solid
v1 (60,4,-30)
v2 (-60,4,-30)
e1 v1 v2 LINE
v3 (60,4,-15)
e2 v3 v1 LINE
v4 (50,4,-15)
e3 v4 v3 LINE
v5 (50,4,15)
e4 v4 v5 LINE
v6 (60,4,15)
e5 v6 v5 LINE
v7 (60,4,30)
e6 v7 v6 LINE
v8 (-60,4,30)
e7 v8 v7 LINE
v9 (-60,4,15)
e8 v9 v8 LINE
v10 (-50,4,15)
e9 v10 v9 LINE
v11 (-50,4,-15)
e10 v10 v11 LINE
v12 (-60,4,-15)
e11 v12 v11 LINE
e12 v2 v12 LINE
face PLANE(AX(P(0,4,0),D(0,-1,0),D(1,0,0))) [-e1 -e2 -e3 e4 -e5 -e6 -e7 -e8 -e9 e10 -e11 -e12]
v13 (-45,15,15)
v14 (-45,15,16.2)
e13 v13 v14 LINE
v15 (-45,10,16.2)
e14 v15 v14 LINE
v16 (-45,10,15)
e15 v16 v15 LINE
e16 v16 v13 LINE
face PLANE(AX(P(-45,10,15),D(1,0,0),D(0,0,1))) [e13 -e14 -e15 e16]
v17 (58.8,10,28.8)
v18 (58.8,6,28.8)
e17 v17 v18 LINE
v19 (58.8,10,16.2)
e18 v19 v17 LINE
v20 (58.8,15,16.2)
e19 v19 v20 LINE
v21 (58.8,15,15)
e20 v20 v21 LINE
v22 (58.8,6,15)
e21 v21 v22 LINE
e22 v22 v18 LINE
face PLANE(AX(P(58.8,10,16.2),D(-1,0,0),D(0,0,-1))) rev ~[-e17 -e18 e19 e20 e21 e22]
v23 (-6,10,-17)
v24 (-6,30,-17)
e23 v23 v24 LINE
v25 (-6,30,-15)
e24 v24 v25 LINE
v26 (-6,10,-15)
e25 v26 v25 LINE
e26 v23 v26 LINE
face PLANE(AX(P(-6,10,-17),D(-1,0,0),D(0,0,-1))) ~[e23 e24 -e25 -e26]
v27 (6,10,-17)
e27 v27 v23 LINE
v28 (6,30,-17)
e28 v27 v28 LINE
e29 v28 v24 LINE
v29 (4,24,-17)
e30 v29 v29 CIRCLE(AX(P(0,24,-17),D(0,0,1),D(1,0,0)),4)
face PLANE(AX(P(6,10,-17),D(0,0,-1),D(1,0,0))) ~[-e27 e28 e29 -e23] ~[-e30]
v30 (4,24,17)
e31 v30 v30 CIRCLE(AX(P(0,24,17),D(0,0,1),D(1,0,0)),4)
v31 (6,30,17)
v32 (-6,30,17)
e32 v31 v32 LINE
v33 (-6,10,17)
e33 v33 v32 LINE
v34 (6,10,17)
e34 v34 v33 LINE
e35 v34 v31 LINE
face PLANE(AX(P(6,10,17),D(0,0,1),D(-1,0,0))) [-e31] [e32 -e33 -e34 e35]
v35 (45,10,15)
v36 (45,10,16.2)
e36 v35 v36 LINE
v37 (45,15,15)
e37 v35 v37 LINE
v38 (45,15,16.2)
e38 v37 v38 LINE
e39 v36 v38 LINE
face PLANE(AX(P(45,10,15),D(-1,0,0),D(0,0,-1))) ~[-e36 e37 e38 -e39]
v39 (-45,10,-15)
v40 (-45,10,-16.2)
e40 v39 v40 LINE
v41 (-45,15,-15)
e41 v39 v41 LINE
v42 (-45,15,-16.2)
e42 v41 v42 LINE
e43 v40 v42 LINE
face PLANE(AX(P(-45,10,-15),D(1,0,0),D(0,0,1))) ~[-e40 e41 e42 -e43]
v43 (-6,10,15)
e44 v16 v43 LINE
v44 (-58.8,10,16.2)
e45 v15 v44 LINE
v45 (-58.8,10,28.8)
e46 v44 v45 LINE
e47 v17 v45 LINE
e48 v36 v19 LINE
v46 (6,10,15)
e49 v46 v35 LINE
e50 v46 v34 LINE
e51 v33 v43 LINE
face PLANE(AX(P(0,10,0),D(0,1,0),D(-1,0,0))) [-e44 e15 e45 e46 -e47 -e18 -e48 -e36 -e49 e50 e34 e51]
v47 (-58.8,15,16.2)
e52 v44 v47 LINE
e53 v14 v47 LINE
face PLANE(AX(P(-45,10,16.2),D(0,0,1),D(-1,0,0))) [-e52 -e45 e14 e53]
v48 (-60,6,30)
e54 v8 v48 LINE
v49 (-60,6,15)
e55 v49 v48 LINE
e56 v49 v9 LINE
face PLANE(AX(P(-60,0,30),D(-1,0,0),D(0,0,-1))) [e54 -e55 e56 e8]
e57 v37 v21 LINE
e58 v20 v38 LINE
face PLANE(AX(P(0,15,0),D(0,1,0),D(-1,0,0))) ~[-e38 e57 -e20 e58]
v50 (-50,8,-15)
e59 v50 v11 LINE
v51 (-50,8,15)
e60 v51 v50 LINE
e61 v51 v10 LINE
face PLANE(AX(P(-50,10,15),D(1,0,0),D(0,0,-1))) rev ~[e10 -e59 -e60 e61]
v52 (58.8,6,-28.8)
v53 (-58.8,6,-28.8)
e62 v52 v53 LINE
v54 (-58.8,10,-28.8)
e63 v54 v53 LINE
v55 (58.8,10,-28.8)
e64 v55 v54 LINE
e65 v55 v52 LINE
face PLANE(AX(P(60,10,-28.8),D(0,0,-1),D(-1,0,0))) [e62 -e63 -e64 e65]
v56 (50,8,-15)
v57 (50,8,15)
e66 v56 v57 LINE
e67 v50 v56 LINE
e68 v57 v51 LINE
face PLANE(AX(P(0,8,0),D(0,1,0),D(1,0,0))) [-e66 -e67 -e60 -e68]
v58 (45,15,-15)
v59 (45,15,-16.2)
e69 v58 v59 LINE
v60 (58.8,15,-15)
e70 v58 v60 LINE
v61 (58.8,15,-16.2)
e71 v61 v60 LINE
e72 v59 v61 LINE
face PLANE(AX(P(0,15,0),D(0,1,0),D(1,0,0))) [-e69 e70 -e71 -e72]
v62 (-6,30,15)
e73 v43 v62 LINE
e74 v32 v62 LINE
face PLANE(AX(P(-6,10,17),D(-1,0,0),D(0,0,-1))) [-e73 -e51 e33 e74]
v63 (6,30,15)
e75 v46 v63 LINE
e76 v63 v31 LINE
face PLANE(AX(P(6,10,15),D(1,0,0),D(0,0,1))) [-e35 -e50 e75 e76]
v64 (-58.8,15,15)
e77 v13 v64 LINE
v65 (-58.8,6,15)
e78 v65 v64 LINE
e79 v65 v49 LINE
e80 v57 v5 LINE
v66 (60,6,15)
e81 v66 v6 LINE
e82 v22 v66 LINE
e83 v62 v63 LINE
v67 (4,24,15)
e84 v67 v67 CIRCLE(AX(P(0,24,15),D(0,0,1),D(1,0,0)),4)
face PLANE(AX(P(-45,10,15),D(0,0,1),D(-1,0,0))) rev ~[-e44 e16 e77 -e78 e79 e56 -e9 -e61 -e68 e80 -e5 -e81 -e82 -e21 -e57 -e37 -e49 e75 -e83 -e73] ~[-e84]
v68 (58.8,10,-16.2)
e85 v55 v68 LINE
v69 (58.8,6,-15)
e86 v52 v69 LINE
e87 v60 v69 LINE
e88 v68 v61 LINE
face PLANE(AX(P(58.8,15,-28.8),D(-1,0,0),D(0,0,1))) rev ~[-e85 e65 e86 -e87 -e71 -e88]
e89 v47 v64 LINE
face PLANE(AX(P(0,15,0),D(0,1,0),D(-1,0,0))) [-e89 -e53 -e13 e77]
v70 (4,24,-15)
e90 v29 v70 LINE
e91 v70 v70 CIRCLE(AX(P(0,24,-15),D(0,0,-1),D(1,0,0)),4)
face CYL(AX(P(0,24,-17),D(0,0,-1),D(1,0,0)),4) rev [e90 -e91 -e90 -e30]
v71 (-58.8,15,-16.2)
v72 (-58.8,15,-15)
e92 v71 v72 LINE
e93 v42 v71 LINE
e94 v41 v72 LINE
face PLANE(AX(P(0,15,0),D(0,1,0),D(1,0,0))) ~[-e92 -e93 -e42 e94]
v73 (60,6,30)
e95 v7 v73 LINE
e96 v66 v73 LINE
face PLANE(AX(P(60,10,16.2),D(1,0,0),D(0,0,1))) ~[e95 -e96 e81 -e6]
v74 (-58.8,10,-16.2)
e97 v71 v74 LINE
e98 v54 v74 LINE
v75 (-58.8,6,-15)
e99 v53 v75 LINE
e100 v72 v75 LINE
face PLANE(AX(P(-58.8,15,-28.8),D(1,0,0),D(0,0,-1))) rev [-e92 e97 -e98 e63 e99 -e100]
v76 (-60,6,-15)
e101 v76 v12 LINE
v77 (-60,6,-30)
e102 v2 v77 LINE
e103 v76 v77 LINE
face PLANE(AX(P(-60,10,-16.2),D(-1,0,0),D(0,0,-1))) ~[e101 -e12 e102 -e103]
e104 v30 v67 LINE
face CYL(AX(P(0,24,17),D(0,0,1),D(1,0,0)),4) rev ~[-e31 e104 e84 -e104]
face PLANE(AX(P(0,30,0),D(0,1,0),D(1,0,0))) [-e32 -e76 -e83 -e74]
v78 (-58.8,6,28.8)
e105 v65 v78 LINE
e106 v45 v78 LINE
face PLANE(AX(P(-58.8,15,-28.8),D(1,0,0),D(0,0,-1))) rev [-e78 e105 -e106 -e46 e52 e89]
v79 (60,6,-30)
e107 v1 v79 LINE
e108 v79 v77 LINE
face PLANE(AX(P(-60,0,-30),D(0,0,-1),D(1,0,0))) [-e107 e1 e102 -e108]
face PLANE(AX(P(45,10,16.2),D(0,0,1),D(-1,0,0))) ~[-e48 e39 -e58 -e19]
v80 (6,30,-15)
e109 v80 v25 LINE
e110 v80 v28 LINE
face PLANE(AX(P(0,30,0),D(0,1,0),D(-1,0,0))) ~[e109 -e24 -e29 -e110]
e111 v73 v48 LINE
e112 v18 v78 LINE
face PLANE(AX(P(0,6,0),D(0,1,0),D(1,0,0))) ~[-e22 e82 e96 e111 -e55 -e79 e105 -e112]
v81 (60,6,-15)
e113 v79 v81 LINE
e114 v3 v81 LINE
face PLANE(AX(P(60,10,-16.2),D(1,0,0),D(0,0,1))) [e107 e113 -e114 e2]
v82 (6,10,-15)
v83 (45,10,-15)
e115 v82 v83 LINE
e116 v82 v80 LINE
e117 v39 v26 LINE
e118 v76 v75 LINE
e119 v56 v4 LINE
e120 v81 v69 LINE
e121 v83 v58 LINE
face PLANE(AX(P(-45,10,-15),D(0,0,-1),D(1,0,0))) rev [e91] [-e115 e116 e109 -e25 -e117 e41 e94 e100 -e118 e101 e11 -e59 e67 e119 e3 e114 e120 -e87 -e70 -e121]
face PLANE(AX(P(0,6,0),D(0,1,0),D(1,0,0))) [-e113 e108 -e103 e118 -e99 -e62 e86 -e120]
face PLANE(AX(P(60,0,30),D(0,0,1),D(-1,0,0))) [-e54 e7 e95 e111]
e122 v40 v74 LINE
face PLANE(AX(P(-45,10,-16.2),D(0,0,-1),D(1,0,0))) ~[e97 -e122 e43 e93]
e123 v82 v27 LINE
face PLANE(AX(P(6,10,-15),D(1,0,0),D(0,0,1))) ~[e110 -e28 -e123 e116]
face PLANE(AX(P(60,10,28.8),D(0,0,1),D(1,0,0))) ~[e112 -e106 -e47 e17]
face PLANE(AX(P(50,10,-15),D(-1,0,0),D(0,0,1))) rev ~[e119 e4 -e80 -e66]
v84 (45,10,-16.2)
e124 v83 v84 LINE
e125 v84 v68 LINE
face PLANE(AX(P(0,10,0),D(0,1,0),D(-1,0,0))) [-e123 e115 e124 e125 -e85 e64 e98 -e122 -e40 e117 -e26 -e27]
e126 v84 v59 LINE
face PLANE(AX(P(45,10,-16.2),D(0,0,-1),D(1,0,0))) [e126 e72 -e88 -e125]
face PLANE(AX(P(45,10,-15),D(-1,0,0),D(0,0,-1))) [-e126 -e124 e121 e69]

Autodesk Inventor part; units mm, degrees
ref_plane "YZ Plane" through (0, 0, 0) normal (1, 0, 0) x (0, 1, 0)
ref_plane "XZ Plane" through (0, 0, 0) normal (0, 1, 0) x (-1, 0, 0)
ref_plane "XY Plane" through (0, 0, 0) normal (0, 0, 1) x (1, 0, 0)
sketch "Szkic1" plane through (0, 0, 0) normal (0, 1, 0) x (-1, 0, 0)
  point P0 (0, 0)
sketch "Szkic2" plane through (0, 0, 0) normal (0, 1, 0) x (-1, 0, 0)
  line L0 (60, -30) -> (-60, -30)
  line L1 (-60, -30) -> (-60, 30)
  line L2 (-60, 30) -> (60, 30)
  line L3 (60, 30) -> (60, -30)
  line L4 (60, -30) -> (-60, 30) construction
  line L5 (-60, -30) -> (60, 30) construction
  point P0 (0, 0)
  dimension "d0" = 120
  dimension "d1" = 60
extrude "Wyciągnięcie proste1" add sketch "Szkic2" along normal blind 10
sketch "Szkic3" plane through (0, 10, 0) normal (0, 1, 0) x (1, 0, 0)
  line L0 (0, 0) -> (50, 0)
  line L1 (60, -30) -> (60, 30) projected
  line L2 (50, 0) -> (60, 0)
  line L3 (60, 0) -> (60, 15)
  line L4 (60, 15) -> (50, 15)
  line L5 (50, 15) -> (50, 0)
  dimension "d4" = 50
  dimension "d5" = 15
extrude "Wyciągnięcie proste2" cut sketch "Szkic3" against normal blind 10
mirror "Odbij1" about plane through (0, 0, 0) normal (0, 0, 1) of "Wyciągnięcie proste2"
mirror "Odbij2" about plane through (0, 0, 0) normal (1, 0, 0) of "Wyciągnięcie proste2"
mirror "Odbij3" about plane through (0, 0, 0) normal (0, 0, 1) of "Wyciągnięcie proste2", "Odbij2"
sketch "Szkic4" plane through (0, 10, 0) normal (0, 1, 0) x (1, 0, 0)
  line L0 (-50, 15) -> (50, 15)
  line L1 (50, 15) -> (50, -15)
  line L2 (50, -15) -> (-50, -15)
  line L3 (-50, -15) -> (-50, 15)
  line L4 (-50, 15) -> (50, -15) construction
  line L5 (50, 15) -> (-50, -15) construction
  point P0 (0, 0)
extrude "Wyciągnięcie proste3" cut sketch "Szkic4" against normal blind 2
sketch "Szkic5" plane through (0, 10, 0) normal (0, 1, 0) x (1, 0, 0)
  line L0 (0, 0) -> (0, -16)
  line L1 (50, -15) -> (-50, -15) projected
  line L2 (0, 0) -> (16, 0) construction
  line L3 (-6, -15) -> (6, -15)
  line L4 (6, -15) -> (6, -17)
  line L5 (6, -17) -> (-6, -17)
  line L6 (-6, -17) -> (-6, -15)
  line L7 (-6, -15) -> (6, -17) construction
  line L8 (6, -15) -> (-6, -17) construction
  dimension "d10" = 16
  dimension "d11" = 90
  dimension "d12" = 12
  dimension "d13" = 2
extrude "Wyciągnięcie proste4" add sketch "Szkic5" along normal blind 20
sketch "Szkic6" plane through (-6, 10, 17) normal (0, 0, 1) x (1, 0, 0)
  point P0 (6, -10)
sketch "Szkic7" plane through (-6, 10, 17) normal (0, 0, 1) x (1, 0, 0)
  line L0 (12, 20) -> (0, 20) projected
  line L1 (6, 20) -> (6, 14)
  line L2 (6, 20) -> (12, 20) construction
  circle A0 centre (6, 14) radius 4
  point P0 (6, -10)
  dimension "d16" = 6
  dimension "d17" = 90
  dimension "d18" = 8
extrude "Wyciągnięcie proste5" cut sketch "Szkic7" against normal through all
sketch "Szkic8" plane through (0, 10, 0) normal (0, 1, 0) x (1, 0, 0)
  point P0 (0, 0)
mirror "Odbij4" about plane through (0, 0, 0) normal (0, 0, 1) of "Wyciągnięcie proste4", "Wyciągnięcie proste5"
sketch "Szkic9" plane through (0, 10, 0) normal (0, 1, 0) x (1, 0, 0)
  line L0 (6, 15) -> (60, 15) projected
  line L1 (60, 15) -> (45, 15)
  line L2 (45, 15) -> (45, 16.2)
  line L3 (45, 16.2) -> (60, 16.2)
  line L4 (60, 16.2) -> (60, 15)
  point P0 (0, 0)
  dimension "d21" = 15
  dimension "d22" = 1.2
extrude "Wyciągnięcie proste6" add sketch "Szkic9" along normal blind 5
mirror "Odbij5" about plane through (0, 0, 0) normal (1, 0, 0) of "Wyciągnięcie proste6"
mirror "Odbij6" about plane through (0, 0, 0) normal (0, 0, 1) of "Wyciągnięcie proste6"
sketch "Szkic10" plane through (0, 10, 0) normal (0, 1, 0) x (1, 0, 0)
  line L0 (60, 30) -> (-60, 30) projected
  line L1 (60, 15) -> (60, 30) projected
  line L2 (-60, 30) -> (60, 30)
  line L3 (60, 30) -> (60, 28.8)
  line L4 (60, 28.8) -> (-60, 28.8)
  line L5 (-60, 28.8) -> (-60, 30)
  point P0 (0, 0)
  dimension "d25" = 1.2
extrude "Wyciągnięcie proste7" cut sketch "Szkic10" against normal blind 4
mirror "Odbij7" about plane through (0, 0, 0) normal (0, 0, 1) of "Wyciągnięcie proste7"
sketch "Szkic11" plane through (0, 10, 0) normal (0, 1, 0) x (1, 0, 0)
  point P0 (0, 0)
sketch "Szkic12" plane through (0, 15, 0) normal (0, 1, 0) x (1, 0, 0)
  line L0 (60, 28.8) -> (-60, 28.8) projected
  line L1 (-60, -28.8) -> (60, -28.8) projected
  line L2 (60, 28.8) -> (58.8, 28.8)
  line L3 (58.8, 28.8) -> (58.8, -28.8)
  line L4 (58.8, -28.8) -> (60, -28.8)
  line L5 (60, -28.8) -> (60, 28.8)
  point P0 (0, 0)
  dimension "d28" = 1.2
extrude "Wyciągnięcie proste8" cut sketch "Szkic12" against normal up to surface (9 mm away)
mirror "Odbij8" about plane through (0, 0, 0) normal (1, 0, 0) of "Wyciągnięcie proste8"
sketch "Szkic13" plane through (0, 0, 0) normal (0, -1, 0) x (1, 0, 0)
  line L0 (60, -30) -> (-60, -30) projected
  line L1 (60, -30) -> (-60, -30)
  line L2 (-60, -30) -> (-60, 30)
  line L3 (-60, 30) -> (60, 30)
  line L4 (60, 30) -> (60, -30)
  point P0 (0, 0)
extrude "Wyciągnięcie proste9" cut sketch "Szkic13" against normal blind 4
mirror "Odbij9" about plane through (0, 0, 0) normal (0, 0, 1) of "Wyciągnięcie proste6", "Odbij5"
sketch "Szkic14" plane through (-60, 10, 15) normal (-1, 0, 0) x (0, 0, 1)
  line L0 (1.2, 0) -> (1.2, 5) projected
  line L1 (0, 0) -> (0, 20) projected
  line L2 (1.2, 5) -> (0, 5)
  line L3 (0, 5) -> (0, 0)
  line L4 (0, 0) -> (1.2, 0)
  line L5 (1.2, 0) -> (1.2, 5)
  point P0 (-15, -10)
extrude "Wyciągnięcie proste10" cut sketch "Szkic14" against normal up to surface (1.2 mm away)
sketch "Szkic15" plane through (58.8, 10, 15) normal (0, -1, 0) x (1, 0, 0)
  line L0 (1.2, 1.2) -> (-13.8, 1.2) projected
  line L1 (0, 0) -> (1.2, 0)
  line L2 (1.2, 0) -> (1.2, 1.2)
  line L3 (1.2, 1.2) -> (0, 1.2)
  line L4 (0, 1.2) -> (0, 0)
  point P0 (-58.8, -15)
extrude "Wyciągnięcie proste11" cut sketch "Szkic15" against normal blind 10
properties part number "podstawka_pelna"
